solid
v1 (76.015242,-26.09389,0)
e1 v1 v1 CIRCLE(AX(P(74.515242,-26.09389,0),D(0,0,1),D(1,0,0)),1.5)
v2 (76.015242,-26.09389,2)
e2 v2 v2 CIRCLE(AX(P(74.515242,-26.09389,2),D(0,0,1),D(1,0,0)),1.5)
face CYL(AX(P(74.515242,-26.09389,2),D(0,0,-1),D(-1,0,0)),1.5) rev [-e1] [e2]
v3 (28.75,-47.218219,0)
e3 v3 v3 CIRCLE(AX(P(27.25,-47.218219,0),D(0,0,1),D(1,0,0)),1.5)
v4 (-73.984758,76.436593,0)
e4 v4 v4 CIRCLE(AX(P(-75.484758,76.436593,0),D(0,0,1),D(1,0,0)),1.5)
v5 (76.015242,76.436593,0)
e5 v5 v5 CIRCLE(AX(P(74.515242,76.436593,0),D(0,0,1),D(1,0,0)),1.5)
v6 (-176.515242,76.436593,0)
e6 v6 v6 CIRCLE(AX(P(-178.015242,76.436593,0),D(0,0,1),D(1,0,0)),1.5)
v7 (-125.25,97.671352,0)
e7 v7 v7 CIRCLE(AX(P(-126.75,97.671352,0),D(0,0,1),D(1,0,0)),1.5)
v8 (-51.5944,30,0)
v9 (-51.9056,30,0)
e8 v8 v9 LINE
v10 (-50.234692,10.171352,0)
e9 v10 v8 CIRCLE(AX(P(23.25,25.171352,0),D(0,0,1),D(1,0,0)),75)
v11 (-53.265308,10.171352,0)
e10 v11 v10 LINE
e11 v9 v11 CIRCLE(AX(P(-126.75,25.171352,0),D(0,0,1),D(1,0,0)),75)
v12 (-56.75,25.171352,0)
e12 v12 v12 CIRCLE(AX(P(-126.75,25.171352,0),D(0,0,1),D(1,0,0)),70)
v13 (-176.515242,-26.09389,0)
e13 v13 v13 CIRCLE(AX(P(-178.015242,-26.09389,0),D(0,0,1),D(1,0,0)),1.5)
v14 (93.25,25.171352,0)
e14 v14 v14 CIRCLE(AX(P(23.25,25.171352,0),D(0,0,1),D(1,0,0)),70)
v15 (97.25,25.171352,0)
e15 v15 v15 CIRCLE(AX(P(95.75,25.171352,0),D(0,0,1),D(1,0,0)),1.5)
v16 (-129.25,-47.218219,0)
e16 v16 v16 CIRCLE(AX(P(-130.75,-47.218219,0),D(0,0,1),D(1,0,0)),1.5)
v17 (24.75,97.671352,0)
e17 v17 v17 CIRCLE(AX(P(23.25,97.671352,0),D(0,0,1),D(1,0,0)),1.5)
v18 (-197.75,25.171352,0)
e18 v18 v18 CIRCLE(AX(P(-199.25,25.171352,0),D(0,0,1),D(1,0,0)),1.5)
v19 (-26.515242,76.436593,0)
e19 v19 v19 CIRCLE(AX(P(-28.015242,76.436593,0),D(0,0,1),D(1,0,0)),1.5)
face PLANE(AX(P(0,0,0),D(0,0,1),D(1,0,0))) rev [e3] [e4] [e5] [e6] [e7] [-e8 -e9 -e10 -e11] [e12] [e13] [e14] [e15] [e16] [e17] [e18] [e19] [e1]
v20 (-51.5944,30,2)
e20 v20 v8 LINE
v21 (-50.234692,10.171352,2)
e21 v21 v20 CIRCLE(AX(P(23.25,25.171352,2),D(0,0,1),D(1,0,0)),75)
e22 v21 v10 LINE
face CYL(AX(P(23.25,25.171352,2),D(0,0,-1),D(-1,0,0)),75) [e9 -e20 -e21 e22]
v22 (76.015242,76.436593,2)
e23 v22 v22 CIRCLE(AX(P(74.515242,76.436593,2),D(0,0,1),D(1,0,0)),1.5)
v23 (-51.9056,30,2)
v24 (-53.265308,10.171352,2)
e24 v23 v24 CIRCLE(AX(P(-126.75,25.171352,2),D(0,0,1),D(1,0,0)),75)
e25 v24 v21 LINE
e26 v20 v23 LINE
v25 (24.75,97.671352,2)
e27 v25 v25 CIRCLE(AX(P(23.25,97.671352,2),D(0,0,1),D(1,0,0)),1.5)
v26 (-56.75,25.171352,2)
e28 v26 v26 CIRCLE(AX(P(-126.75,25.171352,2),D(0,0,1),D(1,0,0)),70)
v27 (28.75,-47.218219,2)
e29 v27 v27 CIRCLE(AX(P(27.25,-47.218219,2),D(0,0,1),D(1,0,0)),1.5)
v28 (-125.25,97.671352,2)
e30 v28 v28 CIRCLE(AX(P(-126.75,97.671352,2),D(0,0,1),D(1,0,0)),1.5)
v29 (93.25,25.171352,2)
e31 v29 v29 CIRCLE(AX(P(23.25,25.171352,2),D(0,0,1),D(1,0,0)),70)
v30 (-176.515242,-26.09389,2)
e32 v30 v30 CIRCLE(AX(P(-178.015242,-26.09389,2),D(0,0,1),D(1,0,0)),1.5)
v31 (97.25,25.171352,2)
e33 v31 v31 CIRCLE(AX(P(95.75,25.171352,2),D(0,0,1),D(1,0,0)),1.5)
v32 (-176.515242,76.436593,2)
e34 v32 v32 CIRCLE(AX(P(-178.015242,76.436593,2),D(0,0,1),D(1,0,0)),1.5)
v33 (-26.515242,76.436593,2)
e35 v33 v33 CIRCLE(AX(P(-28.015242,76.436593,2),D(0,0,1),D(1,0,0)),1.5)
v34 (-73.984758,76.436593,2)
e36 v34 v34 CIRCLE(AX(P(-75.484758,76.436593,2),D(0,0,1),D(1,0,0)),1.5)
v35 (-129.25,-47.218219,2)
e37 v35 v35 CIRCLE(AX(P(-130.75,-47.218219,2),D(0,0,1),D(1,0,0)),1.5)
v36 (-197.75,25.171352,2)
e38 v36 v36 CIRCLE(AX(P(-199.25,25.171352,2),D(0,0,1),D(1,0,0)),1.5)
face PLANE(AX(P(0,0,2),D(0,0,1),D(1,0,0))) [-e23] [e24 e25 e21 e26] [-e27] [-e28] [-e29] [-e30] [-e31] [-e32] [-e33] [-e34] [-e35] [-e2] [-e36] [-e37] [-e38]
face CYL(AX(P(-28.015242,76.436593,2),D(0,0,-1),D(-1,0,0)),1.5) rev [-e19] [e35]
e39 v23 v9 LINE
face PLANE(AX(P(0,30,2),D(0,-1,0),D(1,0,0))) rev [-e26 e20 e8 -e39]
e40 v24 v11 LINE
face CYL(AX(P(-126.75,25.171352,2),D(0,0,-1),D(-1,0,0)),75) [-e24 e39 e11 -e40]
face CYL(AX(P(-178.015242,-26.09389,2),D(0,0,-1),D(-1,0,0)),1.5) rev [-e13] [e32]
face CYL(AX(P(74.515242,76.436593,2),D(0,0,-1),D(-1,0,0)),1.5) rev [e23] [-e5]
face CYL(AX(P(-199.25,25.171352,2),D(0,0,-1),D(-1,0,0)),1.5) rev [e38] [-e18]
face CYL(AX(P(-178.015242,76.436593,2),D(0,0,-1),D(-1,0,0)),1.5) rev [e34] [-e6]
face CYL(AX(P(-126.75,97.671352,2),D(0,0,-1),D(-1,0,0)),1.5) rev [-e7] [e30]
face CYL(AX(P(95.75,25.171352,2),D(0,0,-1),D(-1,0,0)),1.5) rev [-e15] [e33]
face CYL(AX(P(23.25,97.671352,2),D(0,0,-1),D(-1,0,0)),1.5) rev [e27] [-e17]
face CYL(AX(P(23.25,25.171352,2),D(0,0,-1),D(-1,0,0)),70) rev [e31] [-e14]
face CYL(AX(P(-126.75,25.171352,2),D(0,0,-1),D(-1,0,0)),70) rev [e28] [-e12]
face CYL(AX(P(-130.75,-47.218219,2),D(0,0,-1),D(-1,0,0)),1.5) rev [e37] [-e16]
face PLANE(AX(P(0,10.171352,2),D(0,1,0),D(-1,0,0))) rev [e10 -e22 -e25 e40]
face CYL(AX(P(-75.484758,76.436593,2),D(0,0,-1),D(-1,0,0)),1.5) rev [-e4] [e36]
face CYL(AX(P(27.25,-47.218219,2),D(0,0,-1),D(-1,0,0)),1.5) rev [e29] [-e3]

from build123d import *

# Parameters (mm, degrees)
SKETCH_2_R      = 1.5
EXTRUDE_2_DEPTH = 2


with BuildPart() as part:
    # 草图2 → 凸台-拉伸2 (new body)
    with BuildSketch(Plane.XY):
        with BuildLine():
            ThreePointArc((-51.905600365, 30), (-201.574285493, 30.30226796), (-53.265307717, 10.171351817))
            Line((-53.265307717, 10.171351817), (-50.234692283, 10.171351817))
            ThreePointArc((-50.234692283, 10.171351817), (98.074285493, 30.30226796), (-51.594399635, 30))
            Line((-51.594399635, 30), (-51.905600365, 30))
        make_face()
        with Locations((-130.75, -47.218219255)):
            Circle(SKETCH_2_R, mode=Mode.SUBTRACT)
        with Locations((-178.015241636, -26.093889819)):
            Circle(SKETCH_2_R, mode=Mode.SUBTRACT)
        with Locations((27.25, -47.218219255)):
            Circle(SKETCH_2_R, mode=Mode.SUBTRACT)
        with Locations((74.515241636, -26.093889819)):
            Circle(SKETCH_2_R, mode=Mode.SUBTRACT)
        with Locations((-199.25, 25.171351817)):
            Circle(SKETCH_2_R, mode=Mode.SUBTRACT)
        with BuildLine():
            ThreePointArc((-56.757143222, 26.171351817), (-56.751785828, 25.671364573), (-56.75, 25.171351817))
            ThreePointArc((-56.75, 25.171351817), (-56.751785828, 24.671339061), (-56.757143222, 24.171351817))
            ThreePointArc((-56.757143222, 24.171351817), (-62.078432724, -1.616488449), (-76.550469556, -23.613965065))
            ThreePointArc((-76.550469556, -23.613965065), (-77.252525317, -24.326122866), (-77.964683119, -25.028178627))
            ThreePointArc((-77.964683119, -25.028178627), (-99.962159734, -39.500215459), (-125.75, -44.821504962))
            ThreePointArc((-125.75, -44.821504962), (-126.75, -44.828648183), (-127.75, -44.821504962))
            ThreePointArc((-127.75, -44.821504962), (-153.537840266, -39.500215459), (-175.535316881, -25.028178627))
            ThreePointArc((-175.535316881, -25.028178627), (-176.247474683, -24.326122866), (-176.949530444, -23.613965065))
            ThreePointArc((-176.949530444, -23.613965065), (-191.421567276, -1.616488449), (-196.742856778, 24.171351817))
            ThreePointArc((-196.742856778, 24.171351817), (-196.75, 25.171351817), (-196.742856778, 26.171351817))
            ThreePointArc((-196.742856778, 26.171351817), (-191.421567276, 51.959192082), (-176.949530444, 73.956668698))
            ThreePointArc((-176.949530444, 73.956668698), (-176.247474683, 74.6688265), (-175.535316881, 75.370882261))
            ThreePointArc((-175.535316881, 75.370882261), (-153.537840266, 89.842919093), (-127.75, 95.164208595))
            ThreePointArc((-127.75, 95.164208595), (-126.75, 95.171351817), (-125.75, 95.164208595))
            ThreePointArc((-125.75, 95.164208595), (-99.962159734, 89.842919093), (-77.964683119, 75.370882261))
            ThreePointArc((-77.964683119, 75.370882261), (-77.252525317, 74.6688265), (-76.550469556, 73.956668698))
            ThreePointArc((-76.550469556, 73.956668698), (-62.078432724, 51.959192082), (-56.757143222, 26.171351817))
        make_face(mode=Mode.SUBTRACT)
        with Locations((-178.015241636, 76.436593453)):
            Circle(SKETCH_2_R, mode=Mode.SUBTRACT)
        with Locations((-75.484758364, 76.436593453)):
            Circle(SKETCH_2_R, mode=Mode.SUBTRACT)
        with Locations((-126.75, 97.671351817)):
            Circle(SKETCH_2_R, mode=Mode.SUBTRACT)
        with BuildLine():
            ThreePointArc((93.242856778, 26.171351817), (93.248214172, 25.671364573), (93.25, 25.171351817))
            ThreePointArc((93.25, 25.171351817), (93.248214172, 24.671339061), (93.242856778, 24.171351817))
            ThreePointArc((93.242856778, 24.171351817), (87.921567276, -1.616488449), (73.449530444, -23.613965065))
            ThreePointArc((73.449530444, -23.613965065), (72.747474683, -24.326122866), (72.035316881, -25.028178627))
            ThreePointArc((72.035316881, -25.028178627), (50.037840266, -39.500215459), (24.25, -44.821504962))
            ThreePointArc((24.25, -44.821504962), (23.25, -44.828648183), (22.25, -44.821504962))
            ThreePointArc((22.25, -44.821504962), (-3.537840266, -39.500215459), (-25.535316881, -25.028178627))
            ThreePointArc((-25.535316881, -25.028178627), (-26.247474683, -24.326122866), (-26.949530444, -23.613965065))
            ThreePointArc((-26.949530444, -23.613965065), (-41.421567276, -1.616488449), (-46.742856778, 24.171351817))
            ThreePointArc((-46.742856778, 24.171351817), (-46.75, 25.171351817), (-46.742856778, 26.171351817))
            ThreePointArc((-46.742856778, 26.171351817), (-41.421567276, 51.959192082), (-26.949530444, 73.956668698))
            ThreePointArc((-26.949530444, 73.956668698), (-26.247474683, 74.6688265), (-25.535316881, 75.370882261))
            ThreePointArc((-25.535316881, 75.370882261), (-3.537840266, 89.842919093), (22.25, 95.164208595))
            ThreePointArc((22.25, 95.164208595), (23.25, 95.171351817), (24.25, 95.164208595))
            ThreePointArc((24.25, 95.164208595), (50.037840266, 89.842919093), (72.035316881, 75.370882261))
            ThreePointArc((72.035316881, 75.370882261), (72.747474683, 74.6688265), (73.449530444, 73.956668698))
            ThreePointArc((73.449530444, 73.956668698), (87.921567276, 51.959192082), (93.242856778, 26.171351817))
        make_face(mode=Mode.SUBTRACT)
        with Locations((95.75, 25.171351817)):
            Circle(SKETCH_2_R, mode=Mode.SUBTRACT)
        with Locations((-28.015241636, 76.436593453)):
            Circle(SKETCH_2_R, mode=Mode.SUBTRACT)
        with Locations((23.25, 97.671351817)):
            Circle(SKETCH_2_R, mode=Mode.SUBTRACT)
        with Locations((74.515241636, 76.436593453)):
            Circle(SKETCH_2_R, mode=Mode.SUBTRACT)
    extrude(amount=EXTRUDE_2_DEPTH)


solid = part.part
